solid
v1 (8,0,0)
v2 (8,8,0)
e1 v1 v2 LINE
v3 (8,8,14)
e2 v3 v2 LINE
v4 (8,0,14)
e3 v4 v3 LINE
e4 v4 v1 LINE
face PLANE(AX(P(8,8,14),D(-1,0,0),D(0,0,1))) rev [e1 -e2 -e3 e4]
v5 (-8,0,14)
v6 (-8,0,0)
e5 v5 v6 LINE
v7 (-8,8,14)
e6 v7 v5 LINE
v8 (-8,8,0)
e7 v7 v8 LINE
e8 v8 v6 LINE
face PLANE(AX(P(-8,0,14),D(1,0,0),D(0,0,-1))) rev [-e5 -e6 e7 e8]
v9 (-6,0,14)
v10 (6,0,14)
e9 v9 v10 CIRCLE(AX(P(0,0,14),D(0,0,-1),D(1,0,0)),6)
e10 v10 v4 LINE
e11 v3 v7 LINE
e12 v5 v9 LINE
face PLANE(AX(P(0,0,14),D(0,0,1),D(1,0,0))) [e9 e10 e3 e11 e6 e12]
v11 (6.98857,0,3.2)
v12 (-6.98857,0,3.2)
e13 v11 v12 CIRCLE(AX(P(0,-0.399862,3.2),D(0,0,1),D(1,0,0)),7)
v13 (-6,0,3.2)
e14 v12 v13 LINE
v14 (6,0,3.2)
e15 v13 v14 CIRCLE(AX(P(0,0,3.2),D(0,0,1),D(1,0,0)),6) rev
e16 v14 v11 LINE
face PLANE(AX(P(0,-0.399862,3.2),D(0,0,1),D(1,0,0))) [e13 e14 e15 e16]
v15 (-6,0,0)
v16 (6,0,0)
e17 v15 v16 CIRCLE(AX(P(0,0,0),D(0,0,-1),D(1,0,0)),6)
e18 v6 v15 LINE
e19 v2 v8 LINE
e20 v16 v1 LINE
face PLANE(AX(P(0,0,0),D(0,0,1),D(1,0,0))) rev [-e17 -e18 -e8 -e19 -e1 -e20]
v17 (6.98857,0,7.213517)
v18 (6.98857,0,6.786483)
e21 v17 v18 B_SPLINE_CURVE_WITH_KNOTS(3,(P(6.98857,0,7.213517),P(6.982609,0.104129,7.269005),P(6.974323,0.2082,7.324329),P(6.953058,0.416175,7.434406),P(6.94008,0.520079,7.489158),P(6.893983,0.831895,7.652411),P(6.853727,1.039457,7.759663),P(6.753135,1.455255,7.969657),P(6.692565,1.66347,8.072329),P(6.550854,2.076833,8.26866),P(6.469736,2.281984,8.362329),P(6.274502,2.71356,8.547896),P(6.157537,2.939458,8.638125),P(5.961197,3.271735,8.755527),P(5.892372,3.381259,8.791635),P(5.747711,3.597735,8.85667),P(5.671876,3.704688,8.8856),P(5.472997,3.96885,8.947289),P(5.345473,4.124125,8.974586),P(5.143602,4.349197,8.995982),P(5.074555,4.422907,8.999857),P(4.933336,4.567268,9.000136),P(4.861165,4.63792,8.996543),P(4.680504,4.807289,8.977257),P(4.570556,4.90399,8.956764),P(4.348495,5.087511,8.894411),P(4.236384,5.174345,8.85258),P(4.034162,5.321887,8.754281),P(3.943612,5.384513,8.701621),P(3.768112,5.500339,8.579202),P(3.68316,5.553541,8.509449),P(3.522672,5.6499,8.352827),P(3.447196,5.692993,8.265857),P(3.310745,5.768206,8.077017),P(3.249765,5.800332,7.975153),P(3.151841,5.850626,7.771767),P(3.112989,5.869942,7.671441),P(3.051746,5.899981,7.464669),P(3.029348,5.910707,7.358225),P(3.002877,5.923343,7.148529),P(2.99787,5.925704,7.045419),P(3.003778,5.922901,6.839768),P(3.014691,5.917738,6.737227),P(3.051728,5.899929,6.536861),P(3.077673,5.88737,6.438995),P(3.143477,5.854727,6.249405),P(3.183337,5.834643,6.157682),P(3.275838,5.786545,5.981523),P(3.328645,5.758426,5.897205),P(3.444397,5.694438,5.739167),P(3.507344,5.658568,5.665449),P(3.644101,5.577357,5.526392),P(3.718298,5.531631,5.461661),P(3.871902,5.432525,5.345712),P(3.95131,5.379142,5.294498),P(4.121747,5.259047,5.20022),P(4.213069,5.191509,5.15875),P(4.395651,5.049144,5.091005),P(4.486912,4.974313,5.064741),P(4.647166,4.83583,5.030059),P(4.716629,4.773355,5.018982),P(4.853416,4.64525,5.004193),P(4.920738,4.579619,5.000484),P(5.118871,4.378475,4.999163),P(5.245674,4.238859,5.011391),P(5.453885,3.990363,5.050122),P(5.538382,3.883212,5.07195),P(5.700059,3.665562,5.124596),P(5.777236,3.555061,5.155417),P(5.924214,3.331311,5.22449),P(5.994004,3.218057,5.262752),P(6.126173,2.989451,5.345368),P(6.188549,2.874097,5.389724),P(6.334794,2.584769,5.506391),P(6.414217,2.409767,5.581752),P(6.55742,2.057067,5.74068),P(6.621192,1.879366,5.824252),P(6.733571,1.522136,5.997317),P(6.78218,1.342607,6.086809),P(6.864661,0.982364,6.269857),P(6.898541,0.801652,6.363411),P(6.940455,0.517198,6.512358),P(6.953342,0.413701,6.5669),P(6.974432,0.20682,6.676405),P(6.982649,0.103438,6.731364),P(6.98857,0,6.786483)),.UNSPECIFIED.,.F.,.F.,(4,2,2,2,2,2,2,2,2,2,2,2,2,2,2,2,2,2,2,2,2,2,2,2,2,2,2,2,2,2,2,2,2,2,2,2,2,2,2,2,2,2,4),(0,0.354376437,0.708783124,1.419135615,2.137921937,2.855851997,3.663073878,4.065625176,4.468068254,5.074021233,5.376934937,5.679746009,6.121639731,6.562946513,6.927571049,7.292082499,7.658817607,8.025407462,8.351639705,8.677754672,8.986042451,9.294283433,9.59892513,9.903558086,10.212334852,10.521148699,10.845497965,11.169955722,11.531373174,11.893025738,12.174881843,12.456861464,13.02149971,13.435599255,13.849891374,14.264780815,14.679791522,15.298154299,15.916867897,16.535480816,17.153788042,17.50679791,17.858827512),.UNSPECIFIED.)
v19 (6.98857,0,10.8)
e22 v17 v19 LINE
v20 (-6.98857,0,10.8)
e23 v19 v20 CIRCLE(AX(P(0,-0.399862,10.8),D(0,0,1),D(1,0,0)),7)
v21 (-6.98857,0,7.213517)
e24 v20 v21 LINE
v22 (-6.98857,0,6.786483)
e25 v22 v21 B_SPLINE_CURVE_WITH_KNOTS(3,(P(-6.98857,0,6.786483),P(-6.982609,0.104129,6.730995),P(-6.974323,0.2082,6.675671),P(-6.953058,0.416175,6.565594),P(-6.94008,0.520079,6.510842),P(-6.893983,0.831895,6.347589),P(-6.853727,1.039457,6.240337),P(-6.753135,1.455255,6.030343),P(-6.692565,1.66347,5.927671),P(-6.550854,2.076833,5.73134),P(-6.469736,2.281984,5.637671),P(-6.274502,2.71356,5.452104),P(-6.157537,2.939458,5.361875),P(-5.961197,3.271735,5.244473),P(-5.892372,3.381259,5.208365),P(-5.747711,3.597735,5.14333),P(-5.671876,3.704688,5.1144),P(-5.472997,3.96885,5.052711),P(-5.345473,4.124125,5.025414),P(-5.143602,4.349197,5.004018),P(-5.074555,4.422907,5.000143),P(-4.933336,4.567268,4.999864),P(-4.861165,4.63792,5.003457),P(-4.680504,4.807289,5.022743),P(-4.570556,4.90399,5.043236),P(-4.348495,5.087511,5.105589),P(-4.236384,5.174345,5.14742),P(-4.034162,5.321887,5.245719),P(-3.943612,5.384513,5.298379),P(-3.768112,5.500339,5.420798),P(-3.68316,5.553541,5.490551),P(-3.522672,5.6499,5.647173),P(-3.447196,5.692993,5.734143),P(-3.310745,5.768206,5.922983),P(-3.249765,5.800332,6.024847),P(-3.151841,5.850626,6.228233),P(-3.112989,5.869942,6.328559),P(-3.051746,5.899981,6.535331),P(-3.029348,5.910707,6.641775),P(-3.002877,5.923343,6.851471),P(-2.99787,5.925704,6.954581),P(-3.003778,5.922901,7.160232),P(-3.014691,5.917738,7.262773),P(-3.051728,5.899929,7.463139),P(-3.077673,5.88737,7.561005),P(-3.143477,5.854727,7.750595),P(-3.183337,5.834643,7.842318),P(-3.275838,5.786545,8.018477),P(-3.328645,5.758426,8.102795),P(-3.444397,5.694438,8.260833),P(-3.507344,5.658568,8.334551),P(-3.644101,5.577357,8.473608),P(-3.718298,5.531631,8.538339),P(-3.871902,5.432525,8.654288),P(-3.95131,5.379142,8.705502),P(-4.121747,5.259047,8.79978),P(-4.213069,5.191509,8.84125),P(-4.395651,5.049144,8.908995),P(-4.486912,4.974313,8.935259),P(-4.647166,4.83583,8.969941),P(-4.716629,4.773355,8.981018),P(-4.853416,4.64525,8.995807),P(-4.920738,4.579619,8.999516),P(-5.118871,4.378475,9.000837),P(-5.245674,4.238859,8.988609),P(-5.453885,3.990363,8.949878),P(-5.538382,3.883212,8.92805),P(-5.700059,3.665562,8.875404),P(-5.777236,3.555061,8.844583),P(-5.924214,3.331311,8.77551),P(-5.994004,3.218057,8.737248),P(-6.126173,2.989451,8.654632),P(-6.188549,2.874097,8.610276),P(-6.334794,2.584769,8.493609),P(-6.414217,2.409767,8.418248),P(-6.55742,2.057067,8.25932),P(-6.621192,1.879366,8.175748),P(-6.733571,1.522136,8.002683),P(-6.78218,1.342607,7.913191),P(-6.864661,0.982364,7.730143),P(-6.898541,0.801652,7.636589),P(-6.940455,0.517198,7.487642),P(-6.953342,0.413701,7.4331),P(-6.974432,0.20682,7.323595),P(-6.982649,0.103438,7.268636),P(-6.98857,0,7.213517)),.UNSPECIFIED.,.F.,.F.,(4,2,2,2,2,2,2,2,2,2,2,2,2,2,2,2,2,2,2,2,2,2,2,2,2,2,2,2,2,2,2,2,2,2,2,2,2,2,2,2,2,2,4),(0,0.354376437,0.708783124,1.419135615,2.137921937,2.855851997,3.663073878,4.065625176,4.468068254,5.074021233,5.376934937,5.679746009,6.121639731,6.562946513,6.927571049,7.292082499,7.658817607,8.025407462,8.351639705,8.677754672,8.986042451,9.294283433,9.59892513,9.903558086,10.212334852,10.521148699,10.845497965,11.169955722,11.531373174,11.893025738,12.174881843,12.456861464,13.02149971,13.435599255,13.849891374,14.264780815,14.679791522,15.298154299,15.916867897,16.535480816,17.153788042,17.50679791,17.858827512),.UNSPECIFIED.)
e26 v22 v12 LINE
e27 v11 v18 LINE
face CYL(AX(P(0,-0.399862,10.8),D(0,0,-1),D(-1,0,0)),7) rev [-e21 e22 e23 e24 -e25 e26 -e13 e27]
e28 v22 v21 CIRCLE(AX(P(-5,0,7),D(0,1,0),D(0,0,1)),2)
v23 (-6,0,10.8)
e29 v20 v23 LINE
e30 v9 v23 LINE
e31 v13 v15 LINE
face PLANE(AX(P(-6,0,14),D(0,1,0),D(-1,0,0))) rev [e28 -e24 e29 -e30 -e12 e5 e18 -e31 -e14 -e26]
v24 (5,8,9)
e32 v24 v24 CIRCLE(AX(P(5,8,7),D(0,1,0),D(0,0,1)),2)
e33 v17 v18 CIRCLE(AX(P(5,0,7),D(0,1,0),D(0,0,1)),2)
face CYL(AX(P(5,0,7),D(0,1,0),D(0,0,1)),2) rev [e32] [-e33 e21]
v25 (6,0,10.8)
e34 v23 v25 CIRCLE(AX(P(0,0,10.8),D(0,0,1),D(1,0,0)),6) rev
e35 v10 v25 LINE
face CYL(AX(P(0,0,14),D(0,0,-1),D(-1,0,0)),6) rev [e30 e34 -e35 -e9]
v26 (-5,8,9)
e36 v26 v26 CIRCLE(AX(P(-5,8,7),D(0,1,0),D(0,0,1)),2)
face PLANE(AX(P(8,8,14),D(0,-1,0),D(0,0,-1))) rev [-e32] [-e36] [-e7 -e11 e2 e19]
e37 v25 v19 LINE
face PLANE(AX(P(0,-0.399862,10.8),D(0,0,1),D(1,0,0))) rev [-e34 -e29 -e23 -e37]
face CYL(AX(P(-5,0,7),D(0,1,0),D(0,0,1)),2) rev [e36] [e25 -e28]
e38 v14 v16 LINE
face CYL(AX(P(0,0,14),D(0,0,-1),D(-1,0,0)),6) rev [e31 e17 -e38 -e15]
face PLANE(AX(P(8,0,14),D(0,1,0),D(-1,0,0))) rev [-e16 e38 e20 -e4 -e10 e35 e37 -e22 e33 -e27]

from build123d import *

# Parameters (mm, degrees)
EXTRUSION1_DEPTH      = 14
ESQUISSE3_R           = 7
EXTRUSION2_DEPTH      = 3.8
EXTRUSION2_DEPTH_BACK = 3.8
ESQUISSE4_R           = 2
EXTRUSION3_DEPTH      = 9


with BuildPart() as part:
    # Esquisse1 → Extrusion1 (new body)
    with BuildSketch(Plane.XY):
        with BuildLine():
            Line((8, 0), (6, 0))
            ThreePointArc((6, 0), (0, 6), (-6, 0))
            Line((-6, 0), (-8, 0))
            Line((-8, 0), (-8, 8))
            Line((-8, 8), (8, 8))
            Line((8, 8), (8, 0))
        make_face()
    extrude(amount=EXTRUSION1_DEPTH)

    # Esquisse3 → Extrusion2 (cut, two sides)
    with BuildSketch(Plane.XY.offset(7)) as extrusion2_sk:
        with Locations((0, -0.399862153)):
            Circle(ESQUISSE3_R)
    extrude(amount=EXTRUSION2_DEPTH, mode=Mode.SUBTRACT)
    extrude(extrusion2_sk.sketch, amount=-EXTRUSION2_DEPTH_BACK, mode=Mode.SUBTRACT)

    # Esquisse4 → Extrusion3 (cut, through all)
    with BuildSketch(Plane(origin=(0, 8, 0), x_dir=(1, 0, 0), z_dir=(0, 1, 0))):
        with Locations((-5, -7)):
            Circle(ESQUISSE4_R)
        with Locations((5, -7)):
            Circle(ESQUISSE4_R)
    extrude(amount=-EXTRUSION3_DEPTH, mode=Mode.SUBTRACT)


solid = part.part
